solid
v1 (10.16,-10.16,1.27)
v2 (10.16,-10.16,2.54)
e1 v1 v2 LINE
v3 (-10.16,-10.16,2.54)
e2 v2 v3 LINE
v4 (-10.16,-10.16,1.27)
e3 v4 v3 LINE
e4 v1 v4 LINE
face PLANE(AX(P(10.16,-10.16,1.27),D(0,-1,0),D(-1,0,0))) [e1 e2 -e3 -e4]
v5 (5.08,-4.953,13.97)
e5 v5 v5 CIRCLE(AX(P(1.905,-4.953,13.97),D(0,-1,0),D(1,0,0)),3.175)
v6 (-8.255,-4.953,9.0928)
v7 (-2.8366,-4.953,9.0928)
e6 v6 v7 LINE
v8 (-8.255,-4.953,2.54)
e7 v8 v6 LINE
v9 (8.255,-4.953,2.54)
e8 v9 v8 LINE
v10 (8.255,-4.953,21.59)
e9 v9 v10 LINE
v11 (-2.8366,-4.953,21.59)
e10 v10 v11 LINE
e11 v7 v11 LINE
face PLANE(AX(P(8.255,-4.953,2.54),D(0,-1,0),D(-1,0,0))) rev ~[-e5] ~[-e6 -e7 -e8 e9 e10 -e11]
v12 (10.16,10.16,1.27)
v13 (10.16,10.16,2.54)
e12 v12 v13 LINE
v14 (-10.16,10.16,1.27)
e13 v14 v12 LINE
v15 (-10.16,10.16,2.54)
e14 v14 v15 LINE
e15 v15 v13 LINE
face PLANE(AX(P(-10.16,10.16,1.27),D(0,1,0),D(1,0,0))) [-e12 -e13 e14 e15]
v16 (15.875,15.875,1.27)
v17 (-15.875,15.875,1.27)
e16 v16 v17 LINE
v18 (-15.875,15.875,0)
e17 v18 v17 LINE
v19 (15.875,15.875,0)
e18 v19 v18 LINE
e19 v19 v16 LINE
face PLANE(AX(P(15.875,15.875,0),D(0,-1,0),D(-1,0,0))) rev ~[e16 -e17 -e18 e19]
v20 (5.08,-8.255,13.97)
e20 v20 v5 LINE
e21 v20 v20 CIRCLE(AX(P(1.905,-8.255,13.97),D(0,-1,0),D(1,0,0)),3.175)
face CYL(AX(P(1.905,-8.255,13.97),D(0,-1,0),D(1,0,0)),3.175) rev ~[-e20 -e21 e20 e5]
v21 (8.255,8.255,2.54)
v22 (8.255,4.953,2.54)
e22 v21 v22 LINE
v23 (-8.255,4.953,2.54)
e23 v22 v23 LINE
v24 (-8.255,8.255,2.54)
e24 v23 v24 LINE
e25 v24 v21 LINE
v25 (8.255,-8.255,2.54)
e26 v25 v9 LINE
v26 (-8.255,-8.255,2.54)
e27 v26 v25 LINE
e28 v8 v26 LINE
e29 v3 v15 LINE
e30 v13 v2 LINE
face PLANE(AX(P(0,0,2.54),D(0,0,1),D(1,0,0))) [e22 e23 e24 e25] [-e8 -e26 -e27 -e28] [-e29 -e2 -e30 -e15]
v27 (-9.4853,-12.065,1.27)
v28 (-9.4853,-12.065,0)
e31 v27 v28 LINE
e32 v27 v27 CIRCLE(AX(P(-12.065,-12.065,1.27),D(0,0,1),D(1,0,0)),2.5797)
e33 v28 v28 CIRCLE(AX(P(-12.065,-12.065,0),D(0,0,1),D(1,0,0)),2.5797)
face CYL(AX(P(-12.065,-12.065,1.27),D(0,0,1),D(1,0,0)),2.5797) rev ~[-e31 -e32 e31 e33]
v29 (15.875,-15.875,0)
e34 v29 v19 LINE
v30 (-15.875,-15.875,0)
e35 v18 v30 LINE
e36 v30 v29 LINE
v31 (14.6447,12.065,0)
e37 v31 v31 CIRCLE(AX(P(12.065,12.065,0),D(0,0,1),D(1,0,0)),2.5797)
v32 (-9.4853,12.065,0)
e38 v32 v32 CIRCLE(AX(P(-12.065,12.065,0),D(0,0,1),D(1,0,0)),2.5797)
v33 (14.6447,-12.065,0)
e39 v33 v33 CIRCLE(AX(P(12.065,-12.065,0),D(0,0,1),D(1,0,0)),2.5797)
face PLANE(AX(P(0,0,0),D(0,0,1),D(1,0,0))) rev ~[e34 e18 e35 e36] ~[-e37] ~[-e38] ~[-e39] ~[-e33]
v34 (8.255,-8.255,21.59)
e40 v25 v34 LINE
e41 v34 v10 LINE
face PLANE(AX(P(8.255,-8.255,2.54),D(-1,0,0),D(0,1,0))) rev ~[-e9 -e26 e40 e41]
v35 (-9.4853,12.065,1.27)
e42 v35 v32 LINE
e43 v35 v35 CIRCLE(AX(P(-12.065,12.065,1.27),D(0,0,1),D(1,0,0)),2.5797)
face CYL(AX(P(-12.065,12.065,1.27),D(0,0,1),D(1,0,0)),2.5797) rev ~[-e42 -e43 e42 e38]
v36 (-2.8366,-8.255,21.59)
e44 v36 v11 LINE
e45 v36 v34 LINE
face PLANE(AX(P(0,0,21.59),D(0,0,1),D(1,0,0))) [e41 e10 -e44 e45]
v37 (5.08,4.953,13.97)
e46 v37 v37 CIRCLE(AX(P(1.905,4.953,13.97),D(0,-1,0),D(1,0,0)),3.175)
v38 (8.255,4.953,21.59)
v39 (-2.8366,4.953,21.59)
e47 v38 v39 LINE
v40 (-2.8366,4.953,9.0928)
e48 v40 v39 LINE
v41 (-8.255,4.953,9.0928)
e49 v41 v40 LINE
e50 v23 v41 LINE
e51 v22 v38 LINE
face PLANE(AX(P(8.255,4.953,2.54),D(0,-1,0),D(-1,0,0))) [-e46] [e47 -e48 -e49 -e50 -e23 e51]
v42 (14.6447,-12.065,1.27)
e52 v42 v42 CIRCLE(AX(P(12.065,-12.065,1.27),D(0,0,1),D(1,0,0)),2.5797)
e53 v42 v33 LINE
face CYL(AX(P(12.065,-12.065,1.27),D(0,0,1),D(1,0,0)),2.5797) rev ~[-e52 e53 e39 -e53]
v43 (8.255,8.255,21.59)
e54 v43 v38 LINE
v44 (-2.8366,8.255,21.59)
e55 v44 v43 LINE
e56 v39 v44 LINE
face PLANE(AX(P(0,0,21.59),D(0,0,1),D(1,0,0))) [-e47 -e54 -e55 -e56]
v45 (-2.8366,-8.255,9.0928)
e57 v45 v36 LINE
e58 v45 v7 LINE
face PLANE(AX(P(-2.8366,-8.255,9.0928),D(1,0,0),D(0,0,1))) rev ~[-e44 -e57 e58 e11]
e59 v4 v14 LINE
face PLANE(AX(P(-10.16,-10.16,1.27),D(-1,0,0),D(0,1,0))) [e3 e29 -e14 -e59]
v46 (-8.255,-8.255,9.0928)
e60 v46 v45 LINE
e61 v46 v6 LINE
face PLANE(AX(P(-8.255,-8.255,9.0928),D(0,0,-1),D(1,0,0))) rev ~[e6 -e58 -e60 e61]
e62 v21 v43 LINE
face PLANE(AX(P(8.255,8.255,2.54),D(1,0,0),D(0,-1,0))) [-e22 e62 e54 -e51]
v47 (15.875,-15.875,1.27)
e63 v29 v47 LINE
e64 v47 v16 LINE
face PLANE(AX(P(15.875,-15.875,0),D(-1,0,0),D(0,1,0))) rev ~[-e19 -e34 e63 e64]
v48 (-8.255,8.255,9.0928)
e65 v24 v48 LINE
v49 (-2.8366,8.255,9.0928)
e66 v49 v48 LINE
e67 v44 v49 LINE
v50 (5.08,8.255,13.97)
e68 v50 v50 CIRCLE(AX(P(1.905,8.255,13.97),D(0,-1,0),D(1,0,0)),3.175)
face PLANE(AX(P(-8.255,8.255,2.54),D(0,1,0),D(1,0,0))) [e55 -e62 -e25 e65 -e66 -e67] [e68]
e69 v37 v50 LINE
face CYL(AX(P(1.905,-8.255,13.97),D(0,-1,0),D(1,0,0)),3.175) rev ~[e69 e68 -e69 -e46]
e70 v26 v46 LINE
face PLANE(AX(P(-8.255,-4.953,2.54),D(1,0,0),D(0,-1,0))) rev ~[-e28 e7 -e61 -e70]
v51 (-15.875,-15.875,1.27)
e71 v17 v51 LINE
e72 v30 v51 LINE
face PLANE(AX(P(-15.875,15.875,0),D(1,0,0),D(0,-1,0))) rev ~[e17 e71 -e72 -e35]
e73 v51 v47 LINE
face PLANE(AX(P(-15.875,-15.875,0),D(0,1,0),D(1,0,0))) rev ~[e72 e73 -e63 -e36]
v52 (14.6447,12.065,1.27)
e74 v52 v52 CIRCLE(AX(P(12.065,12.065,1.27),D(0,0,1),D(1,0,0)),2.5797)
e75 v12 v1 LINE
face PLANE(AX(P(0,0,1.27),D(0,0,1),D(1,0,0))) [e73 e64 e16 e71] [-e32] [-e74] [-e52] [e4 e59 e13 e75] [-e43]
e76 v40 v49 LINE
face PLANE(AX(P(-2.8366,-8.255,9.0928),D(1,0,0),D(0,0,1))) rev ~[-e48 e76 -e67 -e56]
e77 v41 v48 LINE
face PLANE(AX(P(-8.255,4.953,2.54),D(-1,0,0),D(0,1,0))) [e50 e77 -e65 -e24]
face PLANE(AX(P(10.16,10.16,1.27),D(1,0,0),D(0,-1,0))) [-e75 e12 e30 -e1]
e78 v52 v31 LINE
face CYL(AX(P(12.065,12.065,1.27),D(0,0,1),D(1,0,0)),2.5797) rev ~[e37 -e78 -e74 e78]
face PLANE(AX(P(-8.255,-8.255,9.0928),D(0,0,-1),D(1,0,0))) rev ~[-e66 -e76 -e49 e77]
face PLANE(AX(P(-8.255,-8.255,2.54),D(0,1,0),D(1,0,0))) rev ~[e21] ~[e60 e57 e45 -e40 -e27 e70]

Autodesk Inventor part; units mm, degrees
ref_plane "YZ Plane" through (0, 0, 0) normal (1, 0, 0) x (0, 1, 0)
ref_plane "XZ Plane" through (0, 0, 0) normal (0, 1, 0) x (-1, 0, 0)
ref_plane "XY Plane" through (0, 0, 0) normal (0, 0, 1) x (1, 0, 0)
sketch "Sketch1" plane through (0, 0, 0) normal (0, 0, 1) x (1, 0, 0)
  line L0 (15.875, 15.875) -> (-15.875, 15.875)
  line L1 (-15.875, 15.875) -> (-15.875, -15.875)
  line L2 (-15.875, -15.875) -> (15.875, -15.875)
  line L3 (15.875, -15.875) -> (15.875, 15.875)
  line L4 (15.875, 15.875) -> (-15.875, -15.875) construction
  line L5 (-15.875, 15.875) -> (15.875, -15.875) construction
  point P0 (0, 0)
  dimension "d0" = 31.75
  dimension "d1" = 31.75
extrude "Extrusion1" add sketch "Sketch1" along normal blind 1.27
sketch "Sketch2" plane through (0, 0, 1.27) normal (0, 0, 1) x (1, 0, 0)
  line L0 (-10.16, 10.16) -> (10.16, 10.16)
  line L1 (10.16, 10.16) -> (10.16, -10.16)
  line L2 (10.16, -10.16) -> (-10.16, -10.16)
  line L3 (-10.16, -10.16) -> (-10.16, 10.16)
  line L4 (15.875, 15.875) -> (-15.875, 15.875) projected
  line L5 (15.875, -15.875) -> (15.875, 15.875) projected
  line L6 (-15.875, -15.875) -> (15.875, -15.875) projected
  line L7 (-15.875, 15.875) -> (-15.875, -15.875) projected
  point P0 (0, 0)
  dimension "d4" = 5.715
  dimension "d5" = 5.715
  dimension "d6" = 5.715
  dimension "d7" = 5.715
extrude "Extrusion2" add sketch "Sketch2" along normal blind 1.27 contours L0 L1 L2 L3
sketch "Sketch3" plane through (0, 0, 2.54) normal (0, 0, 1) x (1, 0, 0)
  line L0 (-8.255, 8.255) -> (8.255, 8.255)
  line L1 (8.255, 8.255) -> (8.255, 4.953)
  line L2 (8.255, 4.953) -> (-8.255, 4.953)
  line L3 (-8.255, 4.953) -> (-8.255, 8.255)
  line L4 (10.16, -10.16) -> (10.16, 10.16) projected
  line L5 (-10.16, 10.16) -> (-10.16, -10.16) projected
  line L6 (10.16, 10.16) -> (-10.16, 10.16) projected
  line L7 (-8.255, -8.255) -> (8.255, -8.255)
  line L8 (8.255, -8.255) -> (8.255, -4.953)
  line L9 (8.255, -4.953) -> (-8.255, -4.953)
  line L10 (-8.255, -4.953) -> (-8.255, -8.255)
  line L11 (-10.16, -10.16) -> (10.16, -10.16) projected
  point P0 (0, 0)
  dimension "d10" = 1.905
  dimension "d11" = 1.905
  dimension "d12" = 1.905
  dimension "d14" = 1.905
  dimension "d15" = 1.905
  dimension "d16" = 1.905
  dimension "d39" = 9.906
  dimension "d40" = 3.302
  dimension "d41" = 3.302
extrude "Extrusion3" add sketch "Sketch3" along normal blind 19.05 contours L0 L1 L2 L3 | L10 L9 L8 L7
sketch "Sketch4" plane through (-8.255, -8.255, 2.54) normal (0, -1, 0) x (1, 0, 0)
  circle A0 centre (10.16, 11.43) radius 3.175
  line L0 (0, 19.05) -> (16.51, 19.05) projected
  line L1 (0, 0) -> (0, 19.05) projected
  point P0 (8.255, -2.54)
  dimension "d20" = 6.35
  dimension "d21" = 7.62
  dimension "d44" = 10.16
extrude "Extrusion4" cut sketch "Sketch4" against normal blind 127
sketch "Sketch5" plane through (0, 0, 1.27) normal (0, 0, 1) x (1, 0, 0)
  circle A0 centre (-12.065, 12.065) radius 2.5797
  line L0 (-15.875, -15.875) -> (15.875, -15.875) projected
  line L1 (15.875, -15.875) -> (15.875, 15.875) projected
  circle A1 centre (12.065, 12.065) radius 2.5797
  line L2 (15.875, 15.875) -> (-15.875, 15.875) projected
  line L3 (-15.875, 15.875) -> (-15.875, -15.875) projected
  circle A2 centre (-12.065, -12.065) radius 2.5797
  circle A3 centre (12.065, -12.065) radius 2.5797
  point P0 (0, 0)
  dimension "d24" = 5.1594
  dimension "d28" = 5.1594
  dimension "d29" = 3.81
  dimension "d30" = 3.81
  dimension "d31" = 3.81
  dimension "d32" = 3.81
  dimension "d33" = 5.1594
  dimension "d34" = 3.81
  dimension "d35" = 3.81
  dimension "d36" = 5.1594
  dimension "d37" = 3.81
  dimension "d38" = 3.81
extrude "Extrusion5" cut sketch "Sketch5" against normal blind 12.7 contours A0 | A1 | A2 | A3
sketch "Sketch6" plane through (-8.255, -8.255, 2.54) normal (0, -1, 0) x (1, 0, 0)
  line L0 (0, 0) -> (0, 19.05) projected
  line L1 (0, 19.05) -> (16.51, 19.05) projected
  line L2 (0, 6.5528) -> (5.4184, 6.5528)
  line L3 (5.4184, 6.5528) -> (5.4184, 19.05)
  line L4 (5.4184, 19.05) -> (0, 19.05)
  line L5 (0, 19.05) -> (0, 6.5528)
  point P0 (8.255, -2.54)
extrude "Extrusion6" cut sketch "Sketch6" against normal blind 101.6
equation "\"d5\" = d4"
equation "\"d6\" = d4"
equation "\"d7\" = d4"
equation "\"d11\" = d10"
equation "\"d12\" = d10"
equation "\"d14\" = d10"
equation "\"d15\" = d10"
equation "\"d16\" = d10"
equation "\"d28\" = d24"
equation "\"d30\" = d29"
equation "\"d31\" = d29"
equation "\"d32\" = d29"
equation "\"d33\" = d24"
equation "\"d34\" = d29"
equation "\"d35\" = d29"
equation "\"d36\" = d24"
equation "\"d37\" = d29"
equation "\"d38\" = d29"
properties part number "pneumatics back holder"
